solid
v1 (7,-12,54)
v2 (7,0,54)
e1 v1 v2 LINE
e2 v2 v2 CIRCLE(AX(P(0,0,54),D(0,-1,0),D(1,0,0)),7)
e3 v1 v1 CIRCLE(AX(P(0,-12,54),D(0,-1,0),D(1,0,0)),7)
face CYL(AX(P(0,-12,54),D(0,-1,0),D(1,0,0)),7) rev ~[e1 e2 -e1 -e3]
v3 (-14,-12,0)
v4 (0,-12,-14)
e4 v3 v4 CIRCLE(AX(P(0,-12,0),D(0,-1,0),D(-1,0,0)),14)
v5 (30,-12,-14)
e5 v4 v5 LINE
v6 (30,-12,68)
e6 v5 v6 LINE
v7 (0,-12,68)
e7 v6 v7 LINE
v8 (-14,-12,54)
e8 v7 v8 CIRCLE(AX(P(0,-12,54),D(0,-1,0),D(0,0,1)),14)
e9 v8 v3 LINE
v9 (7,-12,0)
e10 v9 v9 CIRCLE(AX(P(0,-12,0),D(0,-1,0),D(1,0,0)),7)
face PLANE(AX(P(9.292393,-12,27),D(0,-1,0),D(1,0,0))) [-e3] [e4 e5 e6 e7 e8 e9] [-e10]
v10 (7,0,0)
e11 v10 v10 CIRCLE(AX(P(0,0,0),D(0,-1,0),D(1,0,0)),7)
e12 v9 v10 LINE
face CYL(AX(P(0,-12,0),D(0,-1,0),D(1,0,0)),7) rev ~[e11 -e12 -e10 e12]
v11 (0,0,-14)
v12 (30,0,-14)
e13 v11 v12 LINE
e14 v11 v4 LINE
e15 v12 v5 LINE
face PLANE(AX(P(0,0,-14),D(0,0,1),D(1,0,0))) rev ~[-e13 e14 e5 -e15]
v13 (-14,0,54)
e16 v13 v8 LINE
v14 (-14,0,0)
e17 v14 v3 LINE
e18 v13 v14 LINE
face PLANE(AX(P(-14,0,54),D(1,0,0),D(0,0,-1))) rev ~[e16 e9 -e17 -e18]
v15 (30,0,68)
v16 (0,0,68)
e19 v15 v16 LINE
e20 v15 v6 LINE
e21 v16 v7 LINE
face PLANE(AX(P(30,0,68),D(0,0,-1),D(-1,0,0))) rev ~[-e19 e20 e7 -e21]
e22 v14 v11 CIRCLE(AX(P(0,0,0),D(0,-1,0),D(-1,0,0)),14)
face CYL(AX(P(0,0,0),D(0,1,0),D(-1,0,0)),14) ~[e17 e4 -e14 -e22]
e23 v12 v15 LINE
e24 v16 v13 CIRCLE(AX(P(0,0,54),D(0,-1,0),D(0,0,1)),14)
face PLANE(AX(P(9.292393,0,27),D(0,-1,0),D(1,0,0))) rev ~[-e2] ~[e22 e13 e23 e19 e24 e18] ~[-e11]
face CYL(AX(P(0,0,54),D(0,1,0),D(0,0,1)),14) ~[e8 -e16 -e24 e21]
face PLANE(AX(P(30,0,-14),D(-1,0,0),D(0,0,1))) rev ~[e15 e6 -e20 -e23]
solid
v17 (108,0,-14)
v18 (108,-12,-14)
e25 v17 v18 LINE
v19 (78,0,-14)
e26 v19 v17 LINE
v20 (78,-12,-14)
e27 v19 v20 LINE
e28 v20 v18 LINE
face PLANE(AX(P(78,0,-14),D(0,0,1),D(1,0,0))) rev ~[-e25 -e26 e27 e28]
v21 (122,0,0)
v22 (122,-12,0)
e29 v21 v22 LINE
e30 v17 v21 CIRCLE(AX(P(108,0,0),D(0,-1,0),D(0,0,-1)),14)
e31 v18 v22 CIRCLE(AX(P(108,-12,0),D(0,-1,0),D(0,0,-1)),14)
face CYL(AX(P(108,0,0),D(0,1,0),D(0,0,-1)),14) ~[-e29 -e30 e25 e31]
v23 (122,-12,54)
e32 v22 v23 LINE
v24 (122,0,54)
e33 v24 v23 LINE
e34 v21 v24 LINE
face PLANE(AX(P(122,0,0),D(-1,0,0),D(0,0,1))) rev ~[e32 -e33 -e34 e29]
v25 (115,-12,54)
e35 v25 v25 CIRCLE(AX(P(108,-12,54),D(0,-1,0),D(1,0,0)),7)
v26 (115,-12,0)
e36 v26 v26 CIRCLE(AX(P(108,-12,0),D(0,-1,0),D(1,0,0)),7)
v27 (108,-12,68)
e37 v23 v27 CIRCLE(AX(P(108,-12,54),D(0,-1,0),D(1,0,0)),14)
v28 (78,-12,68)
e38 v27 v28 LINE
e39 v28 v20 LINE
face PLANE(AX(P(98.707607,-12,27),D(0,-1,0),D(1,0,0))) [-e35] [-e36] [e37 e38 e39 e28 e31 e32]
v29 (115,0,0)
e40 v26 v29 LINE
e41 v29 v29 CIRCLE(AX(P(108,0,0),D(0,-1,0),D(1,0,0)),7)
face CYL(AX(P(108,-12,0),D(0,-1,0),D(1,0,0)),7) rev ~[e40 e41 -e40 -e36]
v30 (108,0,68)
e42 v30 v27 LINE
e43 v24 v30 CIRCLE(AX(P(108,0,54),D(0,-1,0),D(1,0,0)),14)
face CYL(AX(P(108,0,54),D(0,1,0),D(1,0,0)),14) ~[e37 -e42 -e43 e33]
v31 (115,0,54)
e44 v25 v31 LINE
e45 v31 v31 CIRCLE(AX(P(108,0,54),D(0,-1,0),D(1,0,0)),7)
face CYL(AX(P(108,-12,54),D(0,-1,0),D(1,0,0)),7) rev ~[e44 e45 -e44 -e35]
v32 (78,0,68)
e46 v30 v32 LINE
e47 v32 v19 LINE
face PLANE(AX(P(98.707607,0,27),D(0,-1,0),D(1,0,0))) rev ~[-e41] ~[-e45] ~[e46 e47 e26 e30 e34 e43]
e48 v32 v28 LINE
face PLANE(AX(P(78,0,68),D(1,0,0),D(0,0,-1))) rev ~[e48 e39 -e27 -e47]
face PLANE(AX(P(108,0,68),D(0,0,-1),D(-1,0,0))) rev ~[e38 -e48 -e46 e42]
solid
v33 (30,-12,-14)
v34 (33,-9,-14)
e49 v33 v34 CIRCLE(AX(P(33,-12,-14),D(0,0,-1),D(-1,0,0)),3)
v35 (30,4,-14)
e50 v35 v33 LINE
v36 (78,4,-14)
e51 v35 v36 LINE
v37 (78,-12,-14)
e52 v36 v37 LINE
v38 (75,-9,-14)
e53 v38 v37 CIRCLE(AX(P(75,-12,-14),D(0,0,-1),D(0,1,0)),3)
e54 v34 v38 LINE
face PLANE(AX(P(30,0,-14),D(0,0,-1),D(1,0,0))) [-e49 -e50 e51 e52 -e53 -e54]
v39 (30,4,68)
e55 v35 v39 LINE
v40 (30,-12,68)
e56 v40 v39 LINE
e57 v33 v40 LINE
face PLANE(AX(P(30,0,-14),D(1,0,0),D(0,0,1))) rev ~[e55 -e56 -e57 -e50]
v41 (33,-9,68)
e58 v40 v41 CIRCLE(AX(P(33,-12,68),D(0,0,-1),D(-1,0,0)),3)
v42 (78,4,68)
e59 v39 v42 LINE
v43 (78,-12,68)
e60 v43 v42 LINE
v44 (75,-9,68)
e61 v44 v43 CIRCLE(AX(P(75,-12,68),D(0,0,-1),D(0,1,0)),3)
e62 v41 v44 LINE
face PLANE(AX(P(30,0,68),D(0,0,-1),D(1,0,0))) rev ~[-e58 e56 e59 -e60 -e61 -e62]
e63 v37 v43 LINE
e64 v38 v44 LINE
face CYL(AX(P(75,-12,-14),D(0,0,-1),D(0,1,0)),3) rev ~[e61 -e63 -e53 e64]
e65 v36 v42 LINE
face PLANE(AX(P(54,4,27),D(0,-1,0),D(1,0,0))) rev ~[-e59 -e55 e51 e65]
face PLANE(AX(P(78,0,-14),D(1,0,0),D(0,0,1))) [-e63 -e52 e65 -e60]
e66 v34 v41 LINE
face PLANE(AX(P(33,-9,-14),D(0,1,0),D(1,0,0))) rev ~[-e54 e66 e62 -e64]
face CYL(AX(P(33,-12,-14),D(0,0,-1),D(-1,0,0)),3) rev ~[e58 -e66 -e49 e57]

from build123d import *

# Parameters (mm, degrees)
F1_DEPTH      = 12
F0_W          = 48
F0_H          = 82
F2_DEPTH      = 12
F2_DEPTH_BACK = 4
F3_R          = 7
F4_DEPTH      = 16.001
F5_DEPTH      = 25
F7_DEPTH      = 82.001


with BuildPart() as f1:
    # F0 (on Front) → F1 (new body)
    with BuildSketch(Plane.XZ):
        with BuildLine():
            Line((-14, 54), (-14, 0))
            ThreePointArc((-14, 0), (-9.8994949366, -9.8994949366), (0, -14))
            Line((0, -14), (30, -14))
            Line((30, -14), (30, 68))
            Line((30, 68), (0, 68))
            ThreePointArc((0, 68), (-9.8994949366, 63.8994949366), (-14, 54))
        make_face()
    extrude(amount=F1_DEPTH)


with BuildPart() as f1b:
    # F0 (on Front) → F1, piece 2 (new body)
    with BuildSketch(Plane.XZ):
        with BuildLine():
            Line((78, 68), (78, -14))
            Line((78, -14), (108, -14))
            ThreePointArc((108, -14), (117.8994949366, -9.8994949366), (122, 0))
            Line((122, 0), (122, 54))
            ThreePointArc((122, 54), (117.8994949366, 63.8994949366), (108, 68))
            Line((108, 68), (78, 68))
        make_face()
    extrude(amount=F1_DEPTH)


with BuildPart() as f2:
    # F0 (on Front) → F2 (new body, two sides)
    with BuildSketch(Plane.XZ) as f2_sk:
        with Locations((54, 27)):
            Rectangle(F0_W, F0_H)
    extrude(amount=F2_DEPTH)
    extrude(f2_sk.sketch, amount=-F2_DEPTH_BACK)

    # F6 (on face) → F7 (cut, through all)
    with BuildSketch(Plane(origin=(0, 0, -14), x_dir=(1, 0, 0), z_dir=(0, 0, -1))):
        with BuildLine():
            Line((78, 12), (30, 12))
            ThreePointArc((30, 12), (30.8786796564, 9.8786796564), (33, 9))
            Line((33, 9), (75, 9))
            ThreePointArc((75, 9), (77.1213203436, 9.8786796564), (78, 12))
        make_face()
    extrude(amount=-F7_DEPTH, mode=Mode.SUBTRACT)


with BuildPart() as f4_tool:
    # F3 (on face) → F4 (new body, through all)
    with BuildSketch(Plane.XZ.offset(12)):
        Circle(F3_R)
        with Locations((0, 54)):
            Circle(F3_R)
        with Locations((108, 54)):
            Circle(F3_R)
        with Locations((108, 0)):
            Circle(F3_R)
    extrude(amount=-F4_DEPTH)


with BuildPart() as f1_1:
    add(f1.part)

    # F4: cut by f4_tool
    add(f4_tool.part, mode=Mode.SUBTRACT)

    # F3 (on face) → F5 (cut)
    with BuildSketch(Plane.XZ.offset(12)):
        with Locations((108, 54)):
            Circle(F3_R)
        with Locations((108, 0)):
            Circle(F3_R)
    extrude(amount=-F5_DEPTH, mode=Mode.SUBTRACT)


with BuildPart() as f1b_1:
    add(f1b.part)

    # F4: cut by f4_tool
    add(f4_tool.part, mode=Mode.SUBTRACT)


solid = Compound([f2.part, f1_1.part, f1b_1.part])
